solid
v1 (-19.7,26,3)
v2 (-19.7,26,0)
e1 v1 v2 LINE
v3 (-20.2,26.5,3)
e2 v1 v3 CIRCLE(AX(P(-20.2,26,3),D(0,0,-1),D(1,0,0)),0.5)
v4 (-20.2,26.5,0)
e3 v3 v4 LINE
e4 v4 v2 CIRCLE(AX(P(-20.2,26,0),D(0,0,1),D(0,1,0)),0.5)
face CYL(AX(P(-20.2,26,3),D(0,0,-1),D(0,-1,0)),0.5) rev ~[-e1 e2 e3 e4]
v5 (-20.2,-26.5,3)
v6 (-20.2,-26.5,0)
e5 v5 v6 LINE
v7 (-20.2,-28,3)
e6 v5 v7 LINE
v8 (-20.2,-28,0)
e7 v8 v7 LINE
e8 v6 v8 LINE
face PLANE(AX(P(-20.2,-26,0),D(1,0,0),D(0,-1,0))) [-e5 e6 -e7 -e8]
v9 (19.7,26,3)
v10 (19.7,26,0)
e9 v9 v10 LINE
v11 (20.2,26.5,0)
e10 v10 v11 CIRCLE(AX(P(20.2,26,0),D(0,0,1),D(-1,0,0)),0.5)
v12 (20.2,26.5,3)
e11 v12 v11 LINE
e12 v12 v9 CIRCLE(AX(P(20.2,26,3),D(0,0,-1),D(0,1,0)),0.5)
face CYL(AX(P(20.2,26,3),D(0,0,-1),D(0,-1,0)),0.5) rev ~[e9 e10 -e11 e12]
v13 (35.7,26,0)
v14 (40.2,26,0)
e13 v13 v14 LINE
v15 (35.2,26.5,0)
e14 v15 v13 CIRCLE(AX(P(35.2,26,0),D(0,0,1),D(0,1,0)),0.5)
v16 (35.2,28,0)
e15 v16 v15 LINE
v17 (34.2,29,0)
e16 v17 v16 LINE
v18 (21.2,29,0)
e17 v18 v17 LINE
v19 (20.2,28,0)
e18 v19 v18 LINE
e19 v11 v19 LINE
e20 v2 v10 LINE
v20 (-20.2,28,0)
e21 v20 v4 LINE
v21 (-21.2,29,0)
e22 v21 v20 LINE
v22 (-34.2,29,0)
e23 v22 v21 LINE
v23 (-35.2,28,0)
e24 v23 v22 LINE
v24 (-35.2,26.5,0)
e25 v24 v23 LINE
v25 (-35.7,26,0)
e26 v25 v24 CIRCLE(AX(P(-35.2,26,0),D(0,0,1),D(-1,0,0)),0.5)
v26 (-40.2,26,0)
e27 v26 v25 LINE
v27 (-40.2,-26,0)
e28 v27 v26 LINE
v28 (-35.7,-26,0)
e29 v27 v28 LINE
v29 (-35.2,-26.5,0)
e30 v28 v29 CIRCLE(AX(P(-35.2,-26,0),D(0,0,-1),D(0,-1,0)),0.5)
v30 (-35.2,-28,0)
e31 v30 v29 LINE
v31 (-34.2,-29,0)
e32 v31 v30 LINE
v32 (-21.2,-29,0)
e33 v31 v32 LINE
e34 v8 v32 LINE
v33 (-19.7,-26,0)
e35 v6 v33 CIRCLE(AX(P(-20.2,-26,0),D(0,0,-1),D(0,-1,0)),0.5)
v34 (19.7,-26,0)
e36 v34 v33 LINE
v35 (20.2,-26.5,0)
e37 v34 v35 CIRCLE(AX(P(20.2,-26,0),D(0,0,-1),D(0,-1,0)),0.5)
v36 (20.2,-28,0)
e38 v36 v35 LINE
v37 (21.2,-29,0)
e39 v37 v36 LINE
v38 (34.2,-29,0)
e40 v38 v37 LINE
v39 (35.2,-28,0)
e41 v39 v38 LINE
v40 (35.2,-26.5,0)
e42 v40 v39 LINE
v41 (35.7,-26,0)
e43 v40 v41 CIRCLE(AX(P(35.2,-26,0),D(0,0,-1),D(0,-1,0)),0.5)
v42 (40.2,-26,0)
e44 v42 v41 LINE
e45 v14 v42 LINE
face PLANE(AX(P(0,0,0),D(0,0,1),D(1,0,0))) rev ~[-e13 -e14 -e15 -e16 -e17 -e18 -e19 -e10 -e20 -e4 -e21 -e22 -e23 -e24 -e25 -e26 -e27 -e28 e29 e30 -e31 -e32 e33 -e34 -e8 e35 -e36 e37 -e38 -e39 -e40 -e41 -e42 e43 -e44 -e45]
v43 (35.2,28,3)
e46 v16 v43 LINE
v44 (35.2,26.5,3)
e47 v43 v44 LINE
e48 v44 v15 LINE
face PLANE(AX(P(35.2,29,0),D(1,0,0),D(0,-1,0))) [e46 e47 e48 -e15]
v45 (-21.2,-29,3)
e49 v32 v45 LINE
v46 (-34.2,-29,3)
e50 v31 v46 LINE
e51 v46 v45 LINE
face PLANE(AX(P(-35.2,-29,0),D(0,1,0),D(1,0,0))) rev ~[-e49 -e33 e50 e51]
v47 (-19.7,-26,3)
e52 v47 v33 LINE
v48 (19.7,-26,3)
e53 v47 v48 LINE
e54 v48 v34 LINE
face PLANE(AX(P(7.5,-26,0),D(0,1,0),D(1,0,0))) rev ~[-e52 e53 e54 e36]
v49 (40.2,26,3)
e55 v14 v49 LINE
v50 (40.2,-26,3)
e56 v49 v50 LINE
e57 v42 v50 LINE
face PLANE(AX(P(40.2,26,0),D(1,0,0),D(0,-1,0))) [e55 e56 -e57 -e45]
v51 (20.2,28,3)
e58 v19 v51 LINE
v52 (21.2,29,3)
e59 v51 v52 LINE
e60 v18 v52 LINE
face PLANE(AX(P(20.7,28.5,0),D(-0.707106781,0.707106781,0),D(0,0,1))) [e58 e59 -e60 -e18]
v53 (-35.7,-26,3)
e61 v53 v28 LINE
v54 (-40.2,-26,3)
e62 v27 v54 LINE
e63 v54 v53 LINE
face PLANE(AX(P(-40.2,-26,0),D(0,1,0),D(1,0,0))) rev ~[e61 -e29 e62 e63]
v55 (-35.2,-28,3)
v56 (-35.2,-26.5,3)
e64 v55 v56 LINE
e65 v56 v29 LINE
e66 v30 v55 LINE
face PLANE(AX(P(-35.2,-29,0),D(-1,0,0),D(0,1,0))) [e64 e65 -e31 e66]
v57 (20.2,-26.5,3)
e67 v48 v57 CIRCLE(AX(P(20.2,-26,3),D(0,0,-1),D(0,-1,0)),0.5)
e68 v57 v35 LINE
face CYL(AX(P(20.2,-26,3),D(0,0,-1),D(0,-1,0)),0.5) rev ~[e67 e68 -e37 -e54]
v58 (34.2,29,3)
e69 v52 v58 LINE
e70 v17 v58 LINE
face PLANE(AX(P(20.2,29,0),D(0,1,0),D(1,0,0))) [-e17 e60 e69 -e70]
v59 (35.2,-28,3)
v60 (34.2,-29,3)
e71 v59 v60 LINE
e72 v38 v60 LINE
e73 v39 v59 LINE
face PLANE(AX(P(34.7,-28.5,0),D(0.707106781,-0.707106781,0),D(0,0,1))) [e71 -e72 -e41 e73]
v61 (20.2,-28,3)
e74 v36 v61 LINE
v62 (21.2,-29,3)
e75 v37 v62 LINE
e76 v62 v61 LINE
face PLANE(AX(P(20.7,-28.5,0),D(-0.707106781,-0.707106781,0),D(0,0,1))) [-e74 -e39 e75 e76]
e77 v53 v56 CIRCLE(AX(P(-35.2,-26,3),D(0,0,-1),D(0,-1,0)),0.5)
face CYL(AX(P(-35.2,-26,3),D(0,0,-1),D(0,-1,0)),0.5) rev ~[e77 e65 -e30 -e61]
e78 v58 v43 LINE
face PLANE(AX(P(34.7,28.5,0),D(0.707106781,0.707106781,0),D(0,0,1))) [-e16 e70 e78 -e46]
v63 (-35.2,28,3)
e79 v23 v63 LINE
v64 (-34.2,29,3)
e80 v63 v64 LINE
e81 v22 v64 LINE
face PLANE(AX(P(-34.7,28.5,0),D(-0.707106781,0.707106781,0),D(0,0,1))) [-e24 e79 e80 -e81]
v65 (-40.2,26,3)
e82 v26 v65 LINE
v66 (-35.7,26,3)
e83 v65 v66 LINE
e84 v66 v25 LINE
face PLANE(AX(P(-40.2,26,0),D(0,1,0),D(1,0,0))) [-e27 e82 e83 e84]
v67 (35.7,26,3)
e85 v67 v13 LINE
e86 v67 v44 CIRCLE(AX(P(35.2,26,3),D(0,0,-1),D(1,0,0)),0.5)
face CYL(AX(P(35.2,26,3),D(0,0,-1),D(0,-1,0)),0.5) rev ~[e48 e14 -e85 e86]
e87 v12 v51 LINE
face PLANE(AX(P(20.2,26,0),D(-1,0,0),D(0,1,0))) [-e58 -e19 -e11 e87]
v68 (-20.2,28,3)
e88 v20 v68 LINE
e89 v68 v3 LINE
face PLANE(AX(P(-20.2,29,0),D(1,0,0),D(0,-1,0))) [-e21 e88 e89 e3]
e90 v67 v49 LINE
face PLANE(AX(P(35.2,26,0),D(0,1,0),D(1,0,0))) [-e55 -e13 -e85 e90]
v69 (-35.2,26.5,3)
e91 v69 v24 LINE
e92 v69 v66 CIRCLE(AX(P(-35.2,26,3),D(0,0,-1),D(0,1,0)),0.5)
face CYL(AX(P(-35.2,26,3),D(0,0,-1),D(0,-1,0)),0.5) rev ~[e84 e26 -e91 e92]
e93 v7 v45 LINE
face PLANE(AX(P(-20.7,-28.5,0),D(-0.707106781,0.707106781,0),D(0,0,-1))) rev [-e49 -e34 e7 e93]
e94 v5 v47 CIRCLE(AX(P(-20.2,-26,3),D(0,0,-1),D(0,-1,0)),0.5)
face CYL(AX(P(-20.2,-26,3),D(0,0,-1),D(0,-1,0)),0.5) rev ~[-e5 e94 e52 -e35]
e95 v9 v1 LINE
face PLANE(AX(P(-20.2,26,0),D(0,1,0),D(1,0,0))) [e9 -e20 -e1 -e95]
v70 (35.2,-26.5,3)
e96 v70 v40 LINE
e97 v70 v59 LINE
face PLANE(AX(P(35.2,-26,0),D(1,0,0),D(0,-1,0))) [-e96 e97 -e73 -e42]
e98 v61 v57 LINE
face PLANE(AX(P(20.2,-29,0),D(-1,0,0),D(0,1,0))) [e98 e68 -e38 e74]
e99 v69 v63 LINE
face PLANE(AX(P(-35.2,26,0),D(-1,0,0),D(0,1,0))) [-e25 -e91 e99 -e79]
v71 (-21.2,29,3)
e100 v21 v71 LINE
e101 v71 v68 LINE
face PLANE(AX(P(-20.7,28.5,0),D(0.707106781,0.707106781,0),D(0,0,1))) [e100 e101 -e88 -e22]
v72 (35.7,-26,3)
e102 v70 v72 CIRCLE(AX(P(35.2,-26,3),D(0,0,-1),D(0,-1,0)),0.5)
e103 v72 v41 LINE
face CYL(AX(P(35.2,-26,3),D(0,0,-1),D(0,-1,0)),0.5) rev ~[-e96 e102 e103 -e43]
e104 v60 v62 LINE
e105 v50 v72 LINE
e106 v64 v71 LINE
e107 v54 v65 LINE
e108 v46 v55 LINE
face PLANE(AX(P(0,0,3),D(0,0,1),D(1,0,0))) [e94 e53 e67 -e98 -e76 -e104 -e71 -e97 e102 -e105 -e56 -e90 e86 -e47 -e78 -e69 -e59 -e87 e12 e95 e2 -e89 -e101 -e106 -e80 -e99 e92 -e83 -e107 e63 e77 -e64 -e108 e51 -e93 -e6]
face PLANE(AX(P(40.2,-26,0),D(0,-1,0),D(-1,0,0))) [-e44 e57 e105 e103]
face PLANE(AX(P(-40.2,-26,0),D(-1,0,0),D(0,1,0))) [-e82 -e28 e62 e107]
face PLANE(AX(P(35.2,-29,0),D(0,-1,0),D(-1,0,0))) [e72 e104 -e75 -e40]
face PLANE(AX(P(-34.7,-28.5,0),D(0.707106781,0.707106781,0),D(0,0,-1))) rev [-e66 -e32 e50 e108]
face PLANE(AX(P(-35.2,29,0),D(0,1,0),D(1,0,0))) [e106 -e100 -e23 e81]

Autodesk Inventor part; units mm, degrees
ref_plane "Plan YZ" through (0, 0, 0) normal (1, 0, 0) x (0, 1, 0)
ref_plane "Plan XZ" through (0, 0, 0) normal (0, 1, 0) x (-1, 0, 0)
ref_plane "Plan XY" through (0, 0, 0) normal (0, 0, 1) x (1, 0, 0)
sketch "Esquisse7" plane through (0, 0, 0) normal (0, 0, 1) x (1, 0, 0)
  line L0 (-40.2, -26) -> (-40.2, 26)
  line L1 (-40.2, 26) -> (-35.2, 26)
  line L2 (-35.2, 26) -> (-35.2, 29)
  line L3 (-35.2, 29) -> (-20.2, 29)
  line L4 (-20.2, 29) -> (-20.2, 26)
  line L5 (20.2, 26) -> (20.2, 29)
  line L6 (20.2, 29) -> (35.2, 29)
  line L7 (35.2, 29) -> (35.2, 26)
  line L8 (35.2, 26) -> (40.2, 26)
  line L9 (40.2, 26) -> (40.2, -26)
  line L10 (40.2, -26) -> (35.2, -26)
  line L11 (35.2, -26) -> (35.2, -29)
  line L12 (35.2, -29) -> (20.2, -29)
  line L13 (20.2, -29) -> (20.2, -26)
  line L14 (-20.2, -26) -> (-20.2, -29)
  line L15 (-35.2, -29) -> (-35.2, -26)
  line L16 (-40.2, -26) -> (-35.2, -26)
  line L17 (-35.2, -29) -> (-20.2, -29)
  line L18 (0, -40.6) -> (0, 40.6) construction
  line L19 (-56.28, 0) -> (56.28, 0) construction
  line L20 (-20.2, -26) -> (-7.5, -26)
  line L21 (7.5, -26) -> (20.2, -26)
  line L22 (-20.2, 26) -> (-7.5, 26)
  line L23 (7.5, 26) -> (20.2, 26)
  line L24 (-7.5, -26) -> (7.5, -26)
  line L25 (-7.5, 26) -> (7.5, 26)
  point P0 (0, 0)
  dimension "d33" = 52
  dimension "d34" = 5
  dimension "d35" = 3
  dimension "d36" = 15
  dimension "d51" = 80.4
extrude "Extrusion3" add sketch "Esquisse7" along normal blind 3
chamfer "Chanfrein5" distance 1 angle 45 8 edges at (-20.2, 29, 1.5) (-35.2, 29, 1.5) (20.2, 29, 1.5) (35.2, 29, 1.5) (35.2, -29, 1.5) (20.2, -29, 1.5) (-20.2, -29, 1.5) (-35.2, -29, 1.5)
sketch "Esquisse10" plane through (0, 0, 3) normal (0, 0, 1) x (1, 0, 0)
  line L0 (-34.2, -29) -> (-35.2, -28) construction
  line L1 (-34.2, -29) -> (-21.2, -29) construction
  line L2 (-20.2, -28) -> (-21.2, -29) construction
  line L3 (-20.2, -28) -> (-20.2, -26) construction
  line L4 (-20.2, -26) -> (20.2, -26) construction
  line L5 (20.2, -26) -> (20.2, -28) construction
  line L6 (21.2, -29) -> (20.2, -28) construction
  line L7 (21.2, -29) -> (34.2, -29) construction
  line L8 (35.2, -28) -> (34.2, -29) construction
  line L9 (35.2, -28) -> (35.2, -26) construction
  line L10 (35.2, -26) -> (40.2, -26) construction
  line L11 (40.2, -26) -> (40.2, 26) construction
  line L12 (40.2, 26) -> (35.2, 26) construction
  line L13 (35.2, 26) -> (35.2, 28) construction
  line L14 (34.2, 29) -> (35.2, 28) construction
  line L15 (34.2, 29) -> (21.2, 29) construction
  line L16 (20.2, 28) -> (21.2, 29) construction
  line L17 (20.2, 28) -> (20.2, 26) construction
  line L18 (20.2, 26) -> (-20.2, 26) construction
  line L19 (-20.2, 26) -> (-20.2, 28) construction
  line L20 (-21.2, 29) -> (-20.2, 28) construction
  line L21 (-21.2, 29) -> (-34.2, 29) construction
  line L22 (-35.2, 28) -> (-34.2, 29) construction
  line L23 (-35.2, 28) -> (-35.2, 26) construction
  line L24 (-35.2, 26) -> (-40.2, 26) construction
  line L25 (-40.2, 26) -> (-40.2, -26) construction
  line L26 (-40.2, -26) -> (-35.2, -26) construction
  line L27 (-35.2, -26) -> (-35.2, -28) construction
  point P0 (0, 0)
hole "Perçage4" at (-35.2, 26, 3) at (-20.2, 26, 3) at (20.2, 26, 3) at (35.2, 26, 3) at (-35.2, -26, 3) at (-20.2, -26, 3) at (20.2, -26, 3) at (35.2, -26, 3) direction (0, 0, -1) diameter 1 end through all
properties part number "P1704_204" material "Plastique PMMA"
